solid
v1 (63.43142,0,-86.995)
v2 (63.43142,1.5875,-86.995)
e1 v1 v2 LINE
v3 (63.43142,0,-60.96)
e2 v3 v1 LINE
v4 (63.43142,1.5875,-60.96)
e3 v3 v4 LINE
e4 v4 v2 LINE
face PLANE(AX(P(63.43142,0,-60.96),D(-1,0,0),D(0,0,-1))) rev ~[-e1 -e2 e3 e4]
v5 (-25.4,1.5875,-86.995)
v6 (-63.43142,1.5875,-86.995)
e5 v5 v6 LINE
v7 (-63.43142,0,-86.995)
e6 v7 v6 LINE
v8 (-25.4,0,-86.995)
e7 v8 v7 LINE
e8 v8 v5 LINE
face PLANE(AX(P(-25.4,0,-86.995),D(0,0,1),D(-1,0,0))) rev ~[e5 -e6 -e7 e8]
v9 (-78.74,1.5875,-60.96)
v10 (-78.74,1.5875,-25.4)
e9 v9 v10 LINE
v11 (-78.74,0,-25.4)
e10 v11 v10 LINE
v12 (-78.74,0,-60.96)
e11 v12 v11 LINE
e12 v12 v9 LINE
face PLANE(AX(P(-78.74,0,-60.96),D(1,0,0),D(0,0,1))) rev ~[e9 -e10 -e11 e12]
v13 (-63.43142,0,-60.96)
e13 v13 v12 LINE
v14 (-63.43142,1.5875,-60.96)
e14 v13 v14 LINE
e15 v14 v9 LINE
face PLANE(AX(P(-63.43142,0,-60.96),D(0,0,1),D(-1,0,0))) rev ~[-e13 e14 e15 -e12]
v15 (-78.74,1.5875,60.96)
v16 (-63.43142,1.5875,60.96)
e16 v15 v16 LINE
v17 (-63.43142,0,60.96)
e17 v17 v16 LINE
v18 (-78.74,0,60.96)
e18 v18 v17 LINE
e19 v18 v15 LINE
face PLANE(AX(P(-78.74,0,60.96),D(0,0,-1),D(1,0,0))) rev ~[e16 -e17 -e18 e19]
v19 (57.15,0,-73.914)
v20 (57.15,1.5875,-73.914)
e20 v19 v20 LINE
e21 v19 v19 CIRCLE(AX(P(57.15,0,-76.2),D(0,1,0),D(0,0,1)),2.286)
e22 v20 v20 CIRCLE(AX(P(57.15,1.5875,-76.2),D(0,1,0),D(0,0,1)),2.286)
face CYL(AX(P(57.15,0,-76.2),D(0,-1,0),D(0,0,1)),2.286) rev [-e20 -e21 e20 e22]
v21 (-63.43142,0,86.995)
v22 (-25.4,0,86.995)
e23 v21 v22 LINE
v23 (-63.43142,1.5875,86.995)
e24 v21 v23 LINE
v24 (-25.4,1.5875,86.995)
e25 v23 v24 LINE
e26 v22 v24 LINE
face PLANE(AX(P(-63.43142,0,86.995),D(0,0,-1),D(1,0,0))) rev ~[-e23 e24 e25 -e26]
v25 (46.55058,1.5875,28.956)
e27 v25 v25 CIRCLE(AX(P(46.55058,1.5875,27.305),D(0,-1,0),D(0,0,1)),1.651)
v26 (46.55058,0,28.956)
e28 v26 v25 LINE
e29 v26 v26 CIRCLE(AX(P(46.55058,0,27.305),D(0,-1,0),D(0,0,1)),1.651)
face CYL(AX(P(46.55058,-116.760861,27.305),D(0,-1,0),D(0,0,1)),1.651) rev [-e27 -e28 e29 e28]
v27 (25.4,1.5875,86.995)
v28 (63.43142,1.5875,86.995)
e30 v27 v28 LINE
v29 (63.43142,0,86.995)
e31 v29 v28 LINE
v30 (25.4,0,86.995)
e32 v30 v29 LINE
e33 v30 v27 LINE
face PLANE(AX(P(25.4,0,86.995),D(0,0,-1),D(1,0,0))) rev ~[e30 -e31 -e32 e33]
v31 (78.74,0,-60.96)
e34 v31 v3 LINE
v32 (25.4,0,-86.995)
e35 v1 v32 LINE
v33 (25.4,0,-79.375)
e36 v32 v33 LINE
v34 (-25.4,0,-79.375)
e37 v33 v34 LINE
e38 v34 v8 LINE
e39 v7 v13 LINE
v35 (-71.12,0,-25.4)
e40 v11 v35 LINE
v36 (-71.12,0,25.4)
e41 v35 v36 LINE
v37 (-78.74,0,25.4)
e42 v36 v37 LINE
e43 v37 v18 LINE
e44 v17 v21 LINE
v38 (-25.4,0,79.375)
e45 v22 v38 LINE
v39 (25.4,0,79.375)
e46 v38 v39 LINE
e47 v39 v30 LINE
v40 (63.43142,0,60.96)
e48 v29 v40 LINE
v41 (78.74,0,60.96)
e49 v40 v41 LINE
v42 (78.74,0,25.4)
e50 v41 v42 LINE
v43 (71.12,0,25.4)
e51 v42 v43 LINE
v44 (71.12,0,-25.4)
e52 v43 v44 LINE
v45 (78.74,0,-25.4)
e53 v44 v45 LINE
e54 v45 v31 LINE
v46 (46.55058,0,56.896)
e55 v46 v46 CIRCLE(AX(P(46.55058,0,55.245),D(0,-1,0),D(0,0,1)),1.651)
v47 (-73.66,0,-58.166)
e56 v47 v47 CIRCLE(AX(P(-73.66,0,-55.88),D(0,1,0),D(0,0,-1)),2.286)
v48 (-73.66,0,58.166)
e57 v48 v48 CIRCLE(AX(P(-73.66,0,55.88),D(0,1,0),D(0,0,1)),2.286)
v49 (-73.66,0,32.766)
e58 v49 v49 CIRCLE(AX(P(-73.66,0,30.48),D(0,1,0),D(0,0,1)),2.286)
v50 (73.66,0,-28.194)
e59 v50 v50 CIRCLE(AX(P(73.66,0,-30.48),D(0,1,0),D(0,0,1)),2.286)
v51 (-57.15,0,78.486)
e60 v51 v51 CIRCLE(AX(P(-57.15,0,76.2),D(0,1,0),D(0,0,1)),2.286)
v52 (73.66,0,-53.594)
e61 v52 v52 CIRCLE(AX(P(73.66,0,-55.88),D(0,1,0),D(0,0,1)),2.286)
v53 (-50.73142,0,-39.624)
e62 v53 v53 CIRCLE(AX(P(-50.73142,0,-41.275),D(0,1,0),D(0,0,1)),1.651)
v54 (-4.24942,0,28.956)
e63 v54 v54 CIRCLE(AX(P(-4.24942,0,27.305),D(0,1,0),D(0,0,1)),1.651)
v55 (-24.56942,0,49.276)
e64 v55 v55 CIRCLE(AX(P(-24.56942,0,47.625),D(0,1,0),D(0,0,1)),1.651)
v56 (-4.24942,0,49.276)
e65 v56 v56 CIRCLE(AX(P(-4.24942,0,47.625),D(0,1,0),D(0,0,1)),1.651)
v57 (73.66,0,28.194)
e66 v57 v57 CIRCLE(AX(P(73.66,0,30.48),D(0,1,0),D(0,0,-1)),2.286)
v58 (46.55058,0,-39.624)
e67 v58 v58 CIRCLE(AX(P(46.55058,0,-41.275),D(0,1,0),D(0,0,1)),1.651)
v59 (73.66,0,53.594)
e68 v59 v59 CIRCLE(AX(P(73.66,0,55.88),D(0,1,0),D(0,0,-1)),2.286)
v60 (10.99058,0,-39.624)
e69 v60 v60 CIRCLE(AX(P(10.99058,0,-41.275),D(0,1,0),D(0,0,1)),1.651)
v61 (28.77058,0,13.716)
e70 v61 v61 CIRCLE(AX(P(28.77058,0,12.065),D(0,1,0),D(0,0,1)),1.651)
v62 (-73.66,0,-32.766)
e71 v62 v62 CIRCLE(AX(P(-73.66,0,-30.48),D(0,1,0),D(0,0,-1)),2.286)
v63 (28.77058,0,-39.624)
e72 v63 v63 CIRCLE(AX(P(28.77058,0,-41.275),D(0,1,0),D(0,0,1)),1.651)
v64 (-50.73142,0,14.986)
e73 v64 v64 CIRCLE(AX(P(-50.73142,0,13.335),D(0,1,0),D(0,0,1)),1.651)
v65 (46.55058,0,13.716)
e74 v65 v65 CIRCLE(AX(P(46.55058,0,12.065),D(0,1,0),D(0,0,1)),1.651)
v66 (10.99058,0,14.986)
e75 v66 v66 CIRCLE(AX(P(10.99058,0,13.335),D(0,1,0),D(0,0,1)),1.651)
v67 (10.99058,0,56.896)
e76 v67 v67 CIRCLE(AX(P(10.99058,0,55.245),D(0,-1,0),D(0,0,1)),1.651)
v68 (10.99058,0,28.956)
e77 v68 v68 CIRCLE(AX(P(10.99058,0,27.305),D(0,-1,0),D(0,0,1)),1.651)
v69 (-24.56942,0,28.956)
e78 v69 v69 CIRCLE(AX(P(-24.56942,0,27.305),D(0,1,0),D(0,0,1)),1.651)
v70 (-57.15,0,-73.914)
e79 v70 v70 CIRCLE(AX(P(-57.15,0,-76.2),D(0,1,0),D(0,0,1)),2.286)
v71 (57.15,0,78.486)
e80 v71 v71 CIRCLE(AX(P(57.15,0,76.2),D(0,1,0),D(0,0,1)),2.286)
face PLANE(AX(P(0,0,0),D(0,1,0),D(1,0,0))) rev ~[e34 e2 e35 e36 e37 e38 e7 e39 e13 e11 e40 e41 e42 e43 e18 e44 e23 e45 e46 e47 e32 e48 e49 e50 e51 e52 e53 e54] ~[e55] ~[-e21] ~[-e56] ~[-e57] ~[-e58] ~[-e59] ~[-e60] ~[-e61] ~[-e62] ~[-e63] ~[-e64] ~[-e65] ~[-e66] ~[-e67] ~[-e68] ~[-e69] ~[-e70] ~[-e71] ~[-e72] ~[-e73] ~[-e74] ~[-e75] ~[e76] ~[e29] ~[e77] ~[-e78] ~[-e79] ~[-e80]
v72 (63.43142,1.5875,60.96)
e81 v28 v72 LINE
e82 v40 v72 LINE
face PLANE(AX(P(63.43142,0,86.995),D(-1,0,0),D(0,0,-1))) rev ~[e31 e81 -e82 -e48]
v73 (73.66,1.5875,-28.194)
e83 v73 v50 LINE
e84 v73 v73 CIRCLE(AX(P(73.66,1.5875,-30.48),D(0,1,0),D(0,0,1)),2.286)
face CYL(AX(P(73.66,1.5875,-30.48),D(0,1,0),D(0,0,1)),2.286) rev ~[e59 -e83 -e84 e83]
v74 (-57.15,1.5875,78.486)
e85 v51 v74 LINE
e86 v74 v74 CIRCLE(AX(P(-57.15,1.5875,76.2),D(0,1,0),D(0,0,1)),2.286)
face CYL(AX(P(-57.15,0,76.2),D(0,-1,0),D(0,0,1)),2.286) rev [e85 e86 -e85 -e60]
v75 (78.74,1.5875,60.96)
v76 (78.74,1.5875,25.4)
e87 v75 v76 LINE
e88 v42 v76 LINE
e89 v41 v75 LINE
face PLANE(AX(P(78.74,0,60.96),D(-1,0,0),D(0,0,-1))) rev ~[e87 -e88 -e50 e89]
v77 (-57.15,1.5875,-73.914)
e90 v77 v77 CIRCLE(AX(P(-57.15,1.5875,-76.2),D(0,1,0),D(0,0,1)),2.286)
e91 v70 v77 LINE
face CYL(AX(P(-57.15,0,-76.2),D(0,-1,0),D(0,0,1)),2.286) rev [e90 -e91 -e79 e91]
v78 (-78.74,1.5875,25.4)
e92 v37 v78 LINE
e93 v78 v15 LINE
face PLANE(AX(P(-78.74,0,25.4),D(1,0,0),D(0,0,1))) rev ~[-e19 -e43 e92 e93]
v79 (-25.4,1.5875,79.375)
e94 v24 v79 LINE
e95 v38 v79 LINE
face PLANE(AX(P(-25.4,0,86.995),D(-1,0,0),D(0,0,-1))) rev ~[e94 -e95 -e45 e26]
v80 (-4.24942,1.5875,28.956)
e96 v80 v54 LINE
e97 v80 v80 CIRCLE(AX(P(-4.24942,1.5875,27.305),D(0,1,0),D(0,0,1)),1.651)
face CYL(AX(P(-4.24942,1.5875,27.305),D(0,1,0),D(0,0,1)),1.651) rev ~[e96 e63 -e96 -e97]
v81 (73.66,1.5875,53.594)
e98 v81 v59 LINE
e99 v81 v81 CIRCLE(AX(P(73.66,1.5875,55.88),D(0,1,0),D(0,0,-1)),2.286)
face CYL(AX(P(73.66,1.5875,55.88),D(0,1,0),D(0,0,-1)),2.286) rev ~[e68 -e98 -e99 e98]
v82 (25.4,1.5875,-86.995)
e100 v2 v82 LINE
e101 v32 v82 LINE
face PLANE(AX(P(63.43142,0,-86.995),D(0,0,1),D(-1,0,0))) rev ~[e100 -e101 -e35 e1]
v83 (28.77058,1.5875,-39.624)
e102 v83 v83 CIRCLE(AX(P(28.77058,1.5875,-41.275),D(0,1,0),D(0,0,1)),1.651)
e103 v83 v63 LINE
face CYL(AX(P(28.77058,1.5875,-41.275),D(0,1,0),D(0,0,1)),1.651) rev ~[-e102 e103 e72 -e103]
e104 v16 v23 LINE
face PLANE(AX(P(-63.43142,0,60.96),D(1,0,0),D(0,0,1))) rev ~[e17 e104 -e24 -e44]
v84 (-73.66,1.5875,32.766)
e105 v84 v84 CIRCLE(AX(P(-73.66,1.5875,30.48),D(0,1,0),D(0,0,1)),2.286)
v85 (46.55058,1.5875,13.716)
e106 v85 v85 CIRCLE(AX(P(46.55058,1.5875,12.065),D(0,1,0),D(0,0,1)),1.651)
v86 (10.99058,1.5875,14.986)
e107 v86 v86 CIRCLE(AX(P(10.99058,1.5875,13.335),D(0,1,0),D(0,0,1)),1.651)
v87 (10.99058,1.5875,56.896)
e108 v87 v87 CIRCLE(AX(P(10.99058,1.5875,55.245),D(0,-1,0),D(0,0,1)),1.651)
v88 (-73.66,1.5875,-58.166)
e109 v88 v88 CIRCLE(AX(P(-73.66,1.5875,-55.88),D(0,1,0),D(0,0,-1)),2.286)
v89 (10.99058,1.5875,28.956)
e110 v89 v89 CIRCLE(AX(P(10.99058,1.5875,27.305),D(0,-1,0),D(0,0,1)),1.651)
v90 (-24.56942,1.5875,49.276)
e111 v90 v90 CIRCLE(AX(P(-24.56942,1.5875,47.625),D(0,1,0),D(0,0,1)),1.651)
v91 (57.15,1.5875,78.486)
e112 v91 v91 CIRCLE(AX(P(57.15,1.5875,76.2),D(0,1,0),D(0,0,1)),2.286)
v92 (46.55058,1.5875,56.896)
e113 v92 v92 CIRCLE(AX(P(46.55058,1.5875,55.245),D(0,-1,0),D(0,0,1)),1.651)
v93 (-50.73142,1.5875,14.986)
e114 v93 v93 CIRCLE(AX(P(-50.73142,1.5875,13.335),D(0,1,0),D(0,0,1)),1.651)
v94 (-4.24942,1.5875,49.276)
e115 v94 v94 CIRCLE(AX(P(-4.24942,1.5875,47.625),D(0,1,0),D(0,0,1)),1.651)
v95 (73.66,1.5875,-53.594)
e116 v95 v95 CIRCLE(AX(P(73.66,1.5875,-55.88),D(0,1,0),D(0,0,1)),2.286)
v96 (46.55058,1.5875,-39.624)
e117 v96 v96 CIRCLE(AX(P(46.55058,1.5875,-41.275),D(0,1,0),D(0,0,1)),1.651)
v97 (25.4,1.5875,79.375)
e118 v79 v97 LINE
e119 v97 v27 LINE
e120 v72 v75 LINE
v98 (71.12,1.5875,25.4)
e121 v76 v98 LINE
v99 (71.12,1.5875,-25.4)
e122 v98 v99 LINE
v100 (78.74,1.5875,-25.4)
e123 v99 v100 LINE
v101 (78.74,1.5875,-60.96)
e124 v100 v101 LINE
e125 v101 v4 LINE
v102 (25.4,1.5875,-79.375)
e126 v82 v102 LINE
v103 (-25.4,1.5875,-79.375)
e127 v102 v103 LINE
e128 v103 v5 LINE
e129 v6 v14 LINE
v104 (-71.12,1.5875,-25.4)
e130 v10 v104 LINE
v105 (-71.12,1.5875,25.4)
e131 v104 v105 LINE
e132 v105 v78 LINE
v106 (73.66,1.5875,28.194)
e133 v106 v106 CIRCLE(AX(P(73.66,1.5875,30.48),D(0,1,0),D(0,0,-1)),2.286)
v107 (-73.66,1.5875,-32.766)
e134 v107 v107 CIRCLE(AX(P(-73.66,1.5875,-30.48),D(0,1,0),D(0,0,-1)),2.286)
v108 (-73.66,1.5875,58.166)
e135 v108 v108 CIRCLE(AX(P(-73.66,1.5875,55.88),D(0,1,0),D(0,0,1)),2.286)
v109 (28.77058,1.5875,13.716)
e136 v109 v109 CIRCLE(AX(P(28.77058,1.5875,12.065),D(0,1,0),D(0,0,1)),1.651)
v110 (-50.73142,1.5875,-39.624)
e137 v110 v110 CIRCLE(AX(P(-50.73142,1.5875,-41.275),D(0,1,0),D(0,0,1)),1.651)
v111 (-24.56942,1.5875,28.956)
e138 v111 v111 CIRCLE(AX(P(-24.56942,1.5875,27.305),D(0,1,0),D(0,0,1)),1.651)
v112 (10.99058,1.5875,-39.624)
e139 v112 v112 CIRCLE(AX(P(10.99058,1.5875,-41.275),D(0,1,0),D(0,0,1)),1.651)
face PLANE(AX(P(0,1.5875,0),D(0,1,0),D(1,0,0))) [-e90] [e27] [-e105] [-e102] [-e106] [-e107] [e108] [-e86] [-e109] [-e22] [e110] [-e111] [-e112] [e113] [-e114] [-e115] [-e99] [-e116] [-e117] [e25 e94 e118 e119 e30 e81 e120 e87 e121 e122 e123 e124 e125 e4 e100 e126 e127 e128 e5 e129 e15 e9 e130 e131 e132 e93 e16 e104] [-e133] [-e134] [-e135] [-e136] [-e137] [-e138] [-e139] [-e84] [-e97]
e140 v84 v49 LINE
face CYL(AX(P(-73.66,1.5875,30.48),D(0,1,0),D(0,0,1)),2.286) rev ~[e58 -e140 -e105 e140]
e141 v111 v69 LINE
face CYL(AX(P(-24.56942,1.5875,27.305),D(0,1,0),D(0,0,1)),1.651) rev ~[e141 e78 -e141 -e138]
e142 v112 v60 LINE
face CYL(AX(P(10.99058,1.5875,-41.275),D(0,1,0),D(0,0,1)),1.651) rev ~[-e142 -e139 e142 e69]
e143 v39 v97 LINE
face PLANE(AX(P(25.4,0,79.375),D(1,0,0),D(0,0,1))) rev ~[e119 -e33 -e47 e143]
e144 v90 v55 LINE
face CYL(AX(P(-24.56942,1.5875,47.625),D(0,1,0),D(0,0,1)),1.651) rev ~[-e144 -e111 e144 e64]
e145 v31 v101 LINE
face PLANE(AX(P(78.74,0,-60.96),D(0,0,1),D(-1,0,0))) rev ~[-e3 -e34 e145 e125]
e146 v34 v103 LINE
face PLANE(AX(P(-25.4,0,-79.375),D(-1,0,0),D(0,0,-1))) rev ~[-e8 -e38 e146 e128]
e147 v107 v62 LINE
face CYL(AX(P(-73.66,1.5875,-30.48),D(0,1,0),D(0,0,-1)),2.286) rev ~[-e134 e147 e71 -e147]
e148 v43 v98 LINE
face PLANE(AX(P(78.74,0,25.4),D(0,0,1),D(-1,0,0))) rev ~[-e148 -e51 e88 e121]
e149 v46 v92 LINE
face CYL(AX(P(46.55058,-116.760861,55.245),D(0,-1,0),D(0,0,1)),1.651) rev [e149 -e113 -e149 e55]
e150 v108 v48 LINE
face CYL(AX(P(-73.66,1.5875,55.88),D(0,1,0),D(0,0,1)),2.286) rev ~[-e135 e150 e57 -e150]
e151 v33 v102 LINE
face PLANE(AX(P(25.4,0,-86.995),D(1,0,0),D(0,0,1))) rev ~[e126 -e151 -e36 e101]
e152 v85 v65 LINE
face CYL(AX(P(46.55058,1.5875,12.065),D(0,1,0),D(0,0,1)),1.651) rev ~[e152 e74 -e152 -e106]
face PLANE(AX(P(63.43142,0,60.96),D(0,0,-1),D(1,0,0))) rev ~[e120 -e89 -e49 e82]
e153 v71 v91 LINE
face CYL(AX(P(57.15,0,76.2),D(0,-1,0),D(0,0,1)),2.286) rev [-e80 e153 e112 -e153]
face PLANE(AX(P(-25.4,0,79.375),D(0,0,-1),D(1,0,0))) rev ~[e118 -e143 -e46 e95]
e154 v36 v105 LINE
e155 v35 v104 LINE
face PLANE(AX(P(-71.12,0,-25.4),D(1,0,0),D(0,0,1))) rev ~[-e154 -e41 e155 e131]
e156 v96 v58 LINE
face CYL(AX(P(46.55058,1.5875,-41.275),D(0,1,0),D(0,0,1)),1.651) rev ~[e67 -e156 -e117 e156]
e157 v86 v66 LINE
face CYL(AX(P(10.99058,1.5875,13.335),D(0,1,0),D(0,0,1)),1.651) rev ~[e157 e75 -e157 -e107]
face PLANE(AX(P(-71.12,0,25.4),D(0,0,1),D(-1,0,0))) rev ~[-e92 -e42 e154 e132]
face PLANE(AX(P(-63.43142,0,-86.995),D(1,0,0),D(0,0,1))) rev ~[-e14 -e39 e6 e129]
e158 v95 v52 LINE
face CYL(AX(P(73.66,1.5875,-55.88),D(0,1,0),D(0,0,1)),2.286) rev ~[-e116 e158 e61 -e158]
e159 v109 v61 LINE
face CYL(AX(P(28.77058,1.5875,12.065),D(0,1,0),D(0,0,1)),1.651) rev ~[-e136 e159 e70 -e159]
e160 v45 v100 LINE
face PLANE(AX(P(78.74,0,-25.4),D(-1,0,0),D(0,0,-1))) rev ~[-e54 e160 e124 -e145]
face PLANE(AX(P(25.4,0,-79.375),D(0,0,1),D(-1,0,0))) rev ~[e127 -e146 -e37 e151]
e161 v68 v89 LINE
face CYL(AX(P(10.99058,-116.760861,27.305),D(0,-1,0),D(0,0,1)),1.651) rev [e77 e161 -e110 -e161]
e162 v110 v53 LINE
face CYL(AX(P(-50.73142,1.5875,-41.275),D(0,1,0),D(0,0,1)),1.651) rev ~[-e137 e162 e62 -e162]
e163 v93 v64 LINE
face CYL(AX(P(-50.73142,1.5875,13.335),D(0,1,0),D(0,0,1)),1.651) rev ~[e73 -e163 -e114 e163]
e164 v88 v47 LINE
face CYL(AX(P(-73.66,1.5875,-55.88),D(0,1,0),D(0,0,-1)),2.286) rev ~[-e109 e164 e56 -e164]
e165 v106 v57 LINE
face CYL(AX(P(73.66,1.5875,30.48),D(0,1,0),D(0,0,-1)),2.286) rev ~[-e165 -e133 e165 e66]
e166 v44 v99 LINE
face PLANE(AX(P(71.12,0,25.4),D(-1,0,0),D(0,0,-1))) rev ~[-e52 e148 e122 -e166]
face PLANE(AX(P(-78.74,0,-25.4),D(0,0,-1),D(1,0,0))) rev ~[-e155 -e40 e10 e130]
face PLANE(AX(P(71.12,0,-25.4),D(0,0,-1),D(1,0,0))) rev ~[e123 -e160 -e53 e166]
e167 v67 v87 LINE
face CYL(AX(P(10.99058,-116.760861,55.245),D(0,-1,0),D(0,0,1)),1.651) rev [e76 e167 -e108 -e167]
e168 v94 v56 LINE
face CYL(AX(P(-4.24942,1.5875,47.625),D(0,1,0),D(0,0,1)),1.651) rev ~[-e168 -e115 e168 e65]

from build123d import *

# Parameters (mm, degrees)
SKETCH1_R                     = 2.286
BOSS_EXTRUDE1_DEPTH           = 1.5875
SKETCH2_R                     = 2.286
CUT_EXTRUDE1_DEPTH            = 118.348360795
SKETCH3_R                     = 1.651
LIPO_HOLDER_HOLES_DEPTH       = 118.348360795
SKETCH4_R                     = 1.651
LORA_THING_PLUS_DEPTH         = 118.348360795
GPS_BREAKOUT_BOARD_DEPTH      = 118.348360795
GPS_BREAKOUT_BOARD_DEPTH_BACK = 118.348360795
SKETCH5_R                     = 1.651
SKETCH6_R                     = 1.651
CUT_EXTRUDE4_DEPTH            = 118.348360795


with BuildPart() as part:
    # Sketch1 → Boss-Extrude1 (new body)
    with BuildSketch(Plane(origin=(0, 0, 0), x_dir=(1, 0, 0), z_dir=(0, 1, 0))):
        Polygon((-25.4, 86.995), (-63.43142, 86.995), (-63.43142, 60.96), (-78.74, 60.96), (-78.74, 25.4), (-71.12, 25.4), (-71.12, -25.4), (-78.74, -25.4), (-78.74, -60.96), (-63.43142, -60.96), (-63.43142, -86.995), (-25.4, -86.995), (-25.4, -79.375), (25.4, -79.375), (25.4, -86.995), (63.43142, -86.995), (63.43142, -60.96), (78.74, -60.96), (78.74, -25.4), (71.12, -25.4), (71.12, 25.4), (78.74, 25.4), (78.74, 60.96), (63.43142, 60.96), (63.43142, 86.995), (25.4, 86.995), (25.4, 79.375), (-25.4, 79.375), align=None)
        with Locations(Location((-57.15, 76.2, 0), (0, 0, 270))):
            Circle(SKETCH1_R, mode=Mode.SUBTRACT)
        with Locations(Location((57.15, 76.2, 0), (0, 0, 270))):
            Circle(SKETCH1_R, mode=Mode.SUBTRACT)
        with Locations(Location((57.15, -76.2, 0), (0, 0, 270))):
            Circle(SKETCH1_R, mode=Mode.SUBTRACT)
        with Locations(Location((-57.15, -76.2, 0), (0, 0, 270))):
            Circle(SKETCH1_R, mode=Mode.SUBTRACT)
    extrude(amount=BOSS_EXTRUDE1_DEPTH)

    # Sketch2 → Cut-Extrude1 (cut, through all)
    with BuildSketch(Plane(origin=(0, 1.5875, 0), x_dir=(1, 0, 0), z_dir=(0, 1, 0))):
        with Locations(Location((-73.66, -30.48, 0), (0, 0, 270))):
            Circle(SKETCH2_R)
        with Locations(Location((-73.66, -55.88, 0), (0, 0, 270))):
            Circle(SKETCH2_R)
        with Locations(Location((73.66, -55.88, 0), (0, 0, 90))):
            Circle(SKETCH2_R)
        with Locations(Location((73.66, -30.48, 0), (0, 0, 90))):
            Circle(SKETCH2_R)
        with Locations(Location((73.66, 30.48, 0), (0, 0, 270))):
            Circle(SKETCH2_R)
        with Locations(Location((73.66, 55.88, 0), (0, 0, 270))):
            Circle(SKETCH2_R)
        with Locations(Location((-73.66, 55.88, 0), (0, 0, 90))):
            Circle(SKETCH2_R)
        with Locations(Location((-73.66, 30.48, 0), (0, 0, 90))):
            Circle(SKETCH2_R)
    extrude(amount=-CUT_EXTRUDE1_DEPTH, mode=Mode.SUBTRACT)

    # Sketch3 → Lipo Holder Holes (cut, through all)
    with BuildSketch(Plane(origin=(0, 1.5875, 0), x_dir=(1, 0, 0), z_dir=(0, 1, 0))):
        with Locations(Location((-50.73142, 41.275, 0), (0, 0, 270))):
            Circle(SKETCH3_R)
        with Locations(Location((10.99058, 41.275, 0), (0, 0, 270))):
            Circle(SKETCH3_R)
        with Locations(Location((10.99058, -13.335, 0), (0, 0, 270))):
            Circle(SKETCH3_R)
        with Locations(Location((-50.73142, -13.335, 0), (0, 0, 270))):
            Circle(SKETCH3_R)
    extrude(amount=-LIPO_HOLDER_HOLES_DEPTH, mode=Mode.SUBTRACT)

    # Sketch4 → LoRa Thing Plus (cut, through all)
    with BuildSketch(Plane(origin=(0, 1.5875, 0), x_dir=(1, 0, 0), z_dir=(0, 1, 0))):
        with Locations(Location((28.77058, 41.275, 0), (0, 0, 270))):
            Circle(SKETCH4_R)
        with Locations(Location((46.55058, 41.275, 0), (0, 0, 270))):
            Circle(SKETCH4_R)
        with Locations(Location((46.55058, -12.065, 0), (0, 0, 270))):
            Circle(SKETCH4_R)
        with Locations(Location((28.77058, -12.065, 0), (0, 0, 270))):
            Circle(SKETCH4_R)
        with Locations(Location((10.99058, 41.275, 0), (0, 0, 270))):
            Circle(SKETCH4_R)
    extrude(amount=-LORA_THING_PLUS_DEPTH, mode=Mode.SUBTRACT)

    # Sketch5 → GPS Breakout Board (cut, two sides: drawn at the far end of the back side and taken through both)
    with BuildSketch(Plane(origin=(0, 1.5875, 0), x_dir=(1, 0, 0), z_dir=(0, 1, 0)).offset(-GPS_BREAKOUT_BOARD_DEPTH_BACK)):
        with Locations(Location((46.55058, -55.245, 0), (0, 0, 270))):
            Circle(SKETCH5_R)
        with Locations(Location((10.99058, -55.245, 0), (0, 0, 270))):
            Circle(SKETCH5_R)
        with Locations(Location((10.99058, -27.305, 0), (0, 0, 270))):
            Circle(SKETCH5_R)
        with Locations(Location((46.55058, -27.305, 0), (0, 0, 270))):
            Circle(SKETCH5_R)
        with Locations(Location((46.55058, -12.065, 0), (0, 0, 270))):
            Circle(SKETCH5_R)
    extrude(amount=GPS_BREAKOUT_BOARD_DEPTH + GPS_BREAKOUT_BOARD_DEPTH_BACK, mode=Mode.SUBTRACT)

    # Sketch6 → Cut-Extrude4 (cut, through all)
    with BuildSketch(Plane(origin=(0, 1.5875, 0), x_dir=(1, 0, 0), z_dir=(0, 1, 0))):
        with Locations(Location((-4.24942, -47.625, 0), (0, 0, 270))):
            Circle(SKETCH6_R)
        with Locations(Location((-24.56942, -47.625, 0), (0, 0, 270))):
            Circle(SKETCH6_R)
        with Locations(Location((-24.56942, -27.305, 0), (0, 0, 270))):
            Circle(SKETCH6_R)
        with Locations(Location((-4.24942, -27.305, 0), (0, 0, 270))):
            Circle(SKETCH6_R)
        with Locations(Location((10.99058, -27.305, 0), (0, 0, 270))):
            Circle(SKETCH6_R)
    extrude(amount=-CUT_EXTRUDE4_DEPTH, mode=Mode.SUBTRACT)


solid = part.part
